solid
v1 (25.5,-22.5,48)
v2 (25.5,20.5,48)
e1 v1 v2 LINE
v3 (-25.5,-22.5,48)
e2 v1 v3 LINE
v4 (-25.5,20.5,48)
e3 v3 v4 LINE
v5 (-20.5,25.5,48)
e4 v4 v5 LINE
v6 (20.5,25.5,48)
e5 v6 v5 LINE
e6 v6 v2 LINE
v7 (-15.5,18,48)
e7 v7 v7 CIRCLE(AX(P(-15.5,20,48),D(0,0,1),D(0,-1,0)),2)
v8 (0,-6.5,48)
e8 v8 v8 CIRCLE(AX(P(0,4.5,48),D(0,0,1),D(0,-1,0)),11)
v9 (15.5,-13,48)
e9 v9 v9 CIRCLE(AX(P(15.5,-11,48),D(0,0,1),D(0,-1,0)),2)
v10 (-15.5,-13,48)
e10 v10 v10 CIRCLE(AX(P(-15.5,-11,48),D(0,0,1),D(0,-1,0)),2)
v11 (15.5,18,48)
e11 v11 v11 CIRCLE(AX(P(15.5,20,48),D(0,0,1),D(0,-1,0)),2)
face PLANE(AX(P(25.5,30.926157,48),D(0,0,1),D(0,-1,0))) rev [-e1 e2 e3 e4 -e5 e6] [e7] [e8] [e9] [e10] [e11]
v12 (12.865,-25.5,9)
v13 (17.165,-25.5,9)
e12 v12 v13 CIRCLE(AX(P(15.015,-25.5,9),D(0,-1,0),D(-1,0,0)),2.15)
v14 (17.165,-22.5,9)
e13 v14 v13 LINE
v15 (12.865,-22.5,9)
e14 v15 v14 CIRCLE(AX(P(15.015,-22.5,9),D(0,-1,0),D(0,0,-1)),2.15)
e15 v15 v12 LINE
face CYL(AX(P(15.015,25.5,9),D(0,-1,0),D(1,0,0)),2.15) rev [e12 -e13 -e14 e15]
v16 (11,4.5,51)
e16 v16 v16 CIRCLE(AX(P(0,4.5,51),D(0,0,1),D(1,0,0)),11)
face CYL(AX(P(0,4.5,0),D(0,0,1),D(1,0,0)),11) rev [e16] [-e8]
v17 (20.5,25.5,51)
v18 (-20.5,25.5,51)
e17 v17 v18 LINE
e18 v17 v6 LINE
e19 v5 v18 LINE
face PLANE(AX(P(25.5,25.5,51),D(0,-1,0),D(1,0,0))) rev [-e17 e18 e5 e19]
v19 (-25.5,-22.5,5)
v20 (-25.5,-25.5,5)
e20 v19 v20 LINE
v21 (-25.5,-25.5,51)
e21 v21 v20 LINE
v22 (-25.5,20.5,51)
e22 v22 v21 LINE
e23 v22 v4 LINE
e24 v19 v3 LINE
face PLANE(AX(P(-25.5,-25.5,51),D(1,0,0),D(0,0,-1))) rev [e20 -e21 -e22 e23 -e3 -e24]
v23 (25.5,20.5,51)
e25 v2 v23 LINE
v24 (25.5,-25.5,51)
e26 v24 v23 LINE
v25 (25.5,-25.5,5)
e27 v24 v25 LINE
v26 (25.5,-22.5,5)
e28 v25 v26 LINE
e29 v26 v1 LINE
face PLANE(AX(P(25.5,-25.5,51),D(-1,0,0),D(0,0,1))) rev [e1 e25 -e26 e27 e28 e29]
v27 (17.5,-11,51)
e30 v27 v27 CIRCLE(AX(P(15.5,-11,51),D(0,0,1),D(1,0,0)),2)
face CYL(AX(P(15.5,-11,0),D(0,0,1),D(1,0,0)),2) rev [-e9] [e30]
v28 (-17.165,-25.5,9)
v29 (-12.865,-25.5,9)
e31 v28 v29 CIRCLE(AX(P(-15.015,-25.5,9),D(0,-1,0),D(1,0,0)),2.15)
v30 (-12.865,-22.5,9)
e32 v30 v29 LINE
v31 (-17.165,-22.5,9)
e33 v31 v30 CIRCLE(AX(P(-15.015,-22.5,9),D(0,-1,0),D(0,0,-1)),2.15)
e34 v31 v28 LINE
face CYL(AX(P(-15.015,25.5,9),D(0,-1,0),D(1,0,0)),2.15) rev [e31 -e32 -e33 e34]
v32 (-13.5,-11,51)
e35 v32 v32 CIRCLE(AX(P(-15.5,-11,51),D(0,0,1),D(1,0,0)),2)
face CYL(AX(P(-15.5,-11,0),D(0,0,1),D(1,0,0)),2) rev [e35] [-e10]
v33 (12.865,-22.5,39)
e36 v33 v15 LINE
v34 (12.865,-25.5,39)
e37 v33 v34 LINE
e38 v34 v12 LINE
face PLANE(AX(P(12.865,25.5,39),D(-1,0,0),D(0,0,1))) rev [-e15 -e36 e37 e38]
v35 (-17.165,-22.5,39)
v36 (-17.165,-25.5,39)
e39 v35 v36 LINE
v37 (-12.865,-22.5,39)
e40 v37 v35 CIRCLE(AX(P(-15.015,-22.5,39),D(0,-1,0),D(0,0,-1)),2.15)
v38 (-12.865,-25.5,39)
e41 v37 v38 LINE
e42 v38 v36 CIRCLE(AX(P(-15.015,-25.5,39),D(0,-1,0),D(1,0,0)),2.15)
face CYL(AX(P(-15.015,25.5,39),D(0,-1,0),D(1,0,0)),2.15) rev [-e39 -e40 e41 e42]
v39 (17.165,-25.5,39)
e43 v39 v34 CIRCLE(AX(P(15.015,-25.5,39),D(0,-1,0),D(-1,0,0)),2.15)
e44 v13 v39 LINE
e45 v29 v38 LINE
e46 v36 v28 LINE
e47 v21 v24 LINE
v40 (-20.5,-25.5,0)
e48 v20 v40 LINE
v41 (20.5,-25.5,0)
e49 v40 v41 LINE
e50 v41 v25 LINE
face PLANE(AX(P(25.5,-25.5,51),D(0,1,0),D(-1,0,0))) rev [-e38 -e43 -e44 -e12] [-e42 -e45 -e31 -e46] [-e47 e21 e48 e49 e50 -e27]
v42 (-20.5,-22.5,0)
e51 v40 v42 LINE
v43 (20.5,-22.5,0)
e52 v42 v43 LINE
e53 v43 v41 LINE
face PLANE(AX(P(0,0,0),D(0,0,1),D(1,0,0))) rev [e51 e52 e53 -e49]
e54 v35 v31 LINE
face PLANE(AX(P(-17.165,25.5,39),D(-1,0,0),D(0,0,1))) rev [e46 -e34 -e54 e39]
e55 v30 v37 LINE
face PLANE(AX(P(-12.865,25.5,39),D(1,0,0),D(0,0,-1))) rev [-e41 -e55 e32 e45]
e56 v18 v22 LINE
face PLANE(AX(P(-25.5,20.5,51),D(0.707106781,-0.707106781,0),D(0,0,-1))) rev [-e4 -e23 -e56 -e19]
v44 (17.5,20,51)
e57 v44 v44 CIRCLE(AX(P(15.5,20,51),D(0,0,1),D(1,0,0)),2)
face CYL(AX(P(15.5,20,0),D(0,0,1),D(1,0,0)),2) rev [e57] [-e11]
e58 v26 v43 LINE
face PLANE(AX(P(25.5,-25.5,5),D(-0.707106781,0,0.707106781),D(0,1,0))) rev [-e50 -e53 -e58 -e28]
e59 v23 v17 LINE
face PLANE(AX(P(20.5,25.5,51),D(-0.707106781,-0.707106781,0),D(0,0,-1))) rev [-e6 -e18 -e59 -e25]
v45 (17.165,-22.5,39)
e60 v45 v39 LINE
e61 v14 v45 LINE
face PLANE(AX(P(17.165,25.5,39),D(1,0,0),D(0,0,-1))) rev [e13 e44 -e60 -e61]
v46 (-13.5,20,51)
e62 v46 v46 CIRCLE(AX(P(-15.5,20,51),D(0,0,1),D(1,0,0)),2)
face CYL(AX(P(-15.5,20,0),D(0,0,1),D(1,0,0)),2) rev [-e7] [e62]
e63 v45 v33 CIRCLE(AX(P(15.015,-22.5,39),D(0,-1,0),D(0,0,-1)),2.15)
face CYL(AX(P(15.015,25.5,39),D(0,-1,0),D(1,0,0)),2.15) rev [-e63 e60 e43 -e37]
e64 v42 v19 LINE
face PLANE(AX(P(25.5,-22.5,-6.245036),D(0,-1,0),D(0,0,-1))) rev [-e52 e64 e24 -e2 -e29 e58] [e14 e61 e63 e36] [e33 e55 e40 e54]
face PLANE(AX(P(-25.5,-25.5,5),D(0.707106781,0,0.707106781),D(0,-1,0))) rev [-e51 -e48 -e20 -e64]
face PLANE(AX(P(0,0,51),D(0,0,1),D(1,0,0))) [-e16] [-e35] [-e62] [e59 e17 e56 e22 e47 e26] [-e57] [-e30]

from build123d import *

# Parameters (mm, degrees)
IZIM1_W                     = 51
IZIM1_H                     = 51
Y_KSEKLIK_EKSTR_ZYON1_DEPTH = 51
IZIM2_W                     = 54.245036078
IZIM2_H                     = 53.426157313
KES_EKSTR_ZYON1_DEPTH       = 51
IZIM3_R                     = 11
IZIM3_R_2                   = 2
KES_EKSTR_ZYON2_DEPTH       = 51
PAH1_SIZE                   = 5
PAH2_SIZE                   = 5
KES_EKSTR_ZYON3_DEPTH       = 51


with BuildPart() as part:
    # Çizim1 → Yükseklik-Ekstrüzyon1 (new body)
    with BuildSketch(Plane.XY):
        Rectangle(IZIM1_W, IZIM1_H)
    extrude(amount=Y_KSEKLIK_EKSTR_ZYON1_DEPTH)

    # Çizim2 → Kes-Ekstrüzyon1 (cut)
    with BuildSketch(Plane.ZY.offset(25.5)):
        with Locations((20.877481961, 4.213078657)):
            Rectangle(IZIM2_W, IZIM2_H)
    extrude(amount=-KES_EKSTR_ZYON1_DEPTH, mode=Mode.SUBTRACT)

    # Çizim3 → Kes-Ekstrüzyon2 (cut)
    with BuildSketch(Plane.XY.offset(51)):
        with Locations((0, 4.5)):
            Circle(IZIM3_R)
        with Locations((-15.5, 20)):
            Circle(IZIM3_R_2)
        with Locations((15.5, 20)):
            Circle(IZIM3_R_2)
        with Locations((-15.5, -11)):
            Circle(IZIM3_R_2)
        with Locations((15.5, -11)):
            Circle(IZIM3_R_2)
    extrude(amount=-KES_EKSTR_ZYON2_DEPTH, mode=Mode.SUBTRACT)

    # Pah1
    pah1_edges = [part.edges().sort_by_distance(p)[0] for p in [
        (-25.5, 25.5, 49.5),
    ]]
    chamfer(pah1_edges, length=PAH1_SIZE)

    # Pah2
    pah2_edges = [part.edges().sort_by_distance(p)[0] for p in [
        (-25.5, -24, 0),
        (25.5, -24, 0),
        (25.5, 25.5, 49.5),
    ]]
    chamfer(pah2_edges, length=PAH2_SIZE)

    # Çizim4 → Kes-Ekstrüzyon3 (cut)
    with BuildSketch(Plane.XZ.offset(25.5)):
        with BuildLine():
            Line((-12.865, 39), (-12.865, 9))
            ThreePointArc((-12.865, 9), (-15.015, 6.85), (-17.165, 9))
            Line((-17.165, 9), (-17.165, 39))
            ThreePointArc((-17.165, 39), (-15.015, 41.15), (-12.865, 39))
        make_face()
        with BuildLine():
            Line((12.865, 39), (12.865, 9))
            ThreePointArc((12.865, 9), (15.015, 6.85), (17.165, 9))
            Line((17.165, 9), (17.165, 39))
            ThreePointArc((17.165, 39), (15.015, 41.15), (12.865, 39))
        make_face()
    extrude(amount=-KES_EKSTR_ZYON3_DEPTH, mode=Mode.SUBTRACT)


solid = part.part
